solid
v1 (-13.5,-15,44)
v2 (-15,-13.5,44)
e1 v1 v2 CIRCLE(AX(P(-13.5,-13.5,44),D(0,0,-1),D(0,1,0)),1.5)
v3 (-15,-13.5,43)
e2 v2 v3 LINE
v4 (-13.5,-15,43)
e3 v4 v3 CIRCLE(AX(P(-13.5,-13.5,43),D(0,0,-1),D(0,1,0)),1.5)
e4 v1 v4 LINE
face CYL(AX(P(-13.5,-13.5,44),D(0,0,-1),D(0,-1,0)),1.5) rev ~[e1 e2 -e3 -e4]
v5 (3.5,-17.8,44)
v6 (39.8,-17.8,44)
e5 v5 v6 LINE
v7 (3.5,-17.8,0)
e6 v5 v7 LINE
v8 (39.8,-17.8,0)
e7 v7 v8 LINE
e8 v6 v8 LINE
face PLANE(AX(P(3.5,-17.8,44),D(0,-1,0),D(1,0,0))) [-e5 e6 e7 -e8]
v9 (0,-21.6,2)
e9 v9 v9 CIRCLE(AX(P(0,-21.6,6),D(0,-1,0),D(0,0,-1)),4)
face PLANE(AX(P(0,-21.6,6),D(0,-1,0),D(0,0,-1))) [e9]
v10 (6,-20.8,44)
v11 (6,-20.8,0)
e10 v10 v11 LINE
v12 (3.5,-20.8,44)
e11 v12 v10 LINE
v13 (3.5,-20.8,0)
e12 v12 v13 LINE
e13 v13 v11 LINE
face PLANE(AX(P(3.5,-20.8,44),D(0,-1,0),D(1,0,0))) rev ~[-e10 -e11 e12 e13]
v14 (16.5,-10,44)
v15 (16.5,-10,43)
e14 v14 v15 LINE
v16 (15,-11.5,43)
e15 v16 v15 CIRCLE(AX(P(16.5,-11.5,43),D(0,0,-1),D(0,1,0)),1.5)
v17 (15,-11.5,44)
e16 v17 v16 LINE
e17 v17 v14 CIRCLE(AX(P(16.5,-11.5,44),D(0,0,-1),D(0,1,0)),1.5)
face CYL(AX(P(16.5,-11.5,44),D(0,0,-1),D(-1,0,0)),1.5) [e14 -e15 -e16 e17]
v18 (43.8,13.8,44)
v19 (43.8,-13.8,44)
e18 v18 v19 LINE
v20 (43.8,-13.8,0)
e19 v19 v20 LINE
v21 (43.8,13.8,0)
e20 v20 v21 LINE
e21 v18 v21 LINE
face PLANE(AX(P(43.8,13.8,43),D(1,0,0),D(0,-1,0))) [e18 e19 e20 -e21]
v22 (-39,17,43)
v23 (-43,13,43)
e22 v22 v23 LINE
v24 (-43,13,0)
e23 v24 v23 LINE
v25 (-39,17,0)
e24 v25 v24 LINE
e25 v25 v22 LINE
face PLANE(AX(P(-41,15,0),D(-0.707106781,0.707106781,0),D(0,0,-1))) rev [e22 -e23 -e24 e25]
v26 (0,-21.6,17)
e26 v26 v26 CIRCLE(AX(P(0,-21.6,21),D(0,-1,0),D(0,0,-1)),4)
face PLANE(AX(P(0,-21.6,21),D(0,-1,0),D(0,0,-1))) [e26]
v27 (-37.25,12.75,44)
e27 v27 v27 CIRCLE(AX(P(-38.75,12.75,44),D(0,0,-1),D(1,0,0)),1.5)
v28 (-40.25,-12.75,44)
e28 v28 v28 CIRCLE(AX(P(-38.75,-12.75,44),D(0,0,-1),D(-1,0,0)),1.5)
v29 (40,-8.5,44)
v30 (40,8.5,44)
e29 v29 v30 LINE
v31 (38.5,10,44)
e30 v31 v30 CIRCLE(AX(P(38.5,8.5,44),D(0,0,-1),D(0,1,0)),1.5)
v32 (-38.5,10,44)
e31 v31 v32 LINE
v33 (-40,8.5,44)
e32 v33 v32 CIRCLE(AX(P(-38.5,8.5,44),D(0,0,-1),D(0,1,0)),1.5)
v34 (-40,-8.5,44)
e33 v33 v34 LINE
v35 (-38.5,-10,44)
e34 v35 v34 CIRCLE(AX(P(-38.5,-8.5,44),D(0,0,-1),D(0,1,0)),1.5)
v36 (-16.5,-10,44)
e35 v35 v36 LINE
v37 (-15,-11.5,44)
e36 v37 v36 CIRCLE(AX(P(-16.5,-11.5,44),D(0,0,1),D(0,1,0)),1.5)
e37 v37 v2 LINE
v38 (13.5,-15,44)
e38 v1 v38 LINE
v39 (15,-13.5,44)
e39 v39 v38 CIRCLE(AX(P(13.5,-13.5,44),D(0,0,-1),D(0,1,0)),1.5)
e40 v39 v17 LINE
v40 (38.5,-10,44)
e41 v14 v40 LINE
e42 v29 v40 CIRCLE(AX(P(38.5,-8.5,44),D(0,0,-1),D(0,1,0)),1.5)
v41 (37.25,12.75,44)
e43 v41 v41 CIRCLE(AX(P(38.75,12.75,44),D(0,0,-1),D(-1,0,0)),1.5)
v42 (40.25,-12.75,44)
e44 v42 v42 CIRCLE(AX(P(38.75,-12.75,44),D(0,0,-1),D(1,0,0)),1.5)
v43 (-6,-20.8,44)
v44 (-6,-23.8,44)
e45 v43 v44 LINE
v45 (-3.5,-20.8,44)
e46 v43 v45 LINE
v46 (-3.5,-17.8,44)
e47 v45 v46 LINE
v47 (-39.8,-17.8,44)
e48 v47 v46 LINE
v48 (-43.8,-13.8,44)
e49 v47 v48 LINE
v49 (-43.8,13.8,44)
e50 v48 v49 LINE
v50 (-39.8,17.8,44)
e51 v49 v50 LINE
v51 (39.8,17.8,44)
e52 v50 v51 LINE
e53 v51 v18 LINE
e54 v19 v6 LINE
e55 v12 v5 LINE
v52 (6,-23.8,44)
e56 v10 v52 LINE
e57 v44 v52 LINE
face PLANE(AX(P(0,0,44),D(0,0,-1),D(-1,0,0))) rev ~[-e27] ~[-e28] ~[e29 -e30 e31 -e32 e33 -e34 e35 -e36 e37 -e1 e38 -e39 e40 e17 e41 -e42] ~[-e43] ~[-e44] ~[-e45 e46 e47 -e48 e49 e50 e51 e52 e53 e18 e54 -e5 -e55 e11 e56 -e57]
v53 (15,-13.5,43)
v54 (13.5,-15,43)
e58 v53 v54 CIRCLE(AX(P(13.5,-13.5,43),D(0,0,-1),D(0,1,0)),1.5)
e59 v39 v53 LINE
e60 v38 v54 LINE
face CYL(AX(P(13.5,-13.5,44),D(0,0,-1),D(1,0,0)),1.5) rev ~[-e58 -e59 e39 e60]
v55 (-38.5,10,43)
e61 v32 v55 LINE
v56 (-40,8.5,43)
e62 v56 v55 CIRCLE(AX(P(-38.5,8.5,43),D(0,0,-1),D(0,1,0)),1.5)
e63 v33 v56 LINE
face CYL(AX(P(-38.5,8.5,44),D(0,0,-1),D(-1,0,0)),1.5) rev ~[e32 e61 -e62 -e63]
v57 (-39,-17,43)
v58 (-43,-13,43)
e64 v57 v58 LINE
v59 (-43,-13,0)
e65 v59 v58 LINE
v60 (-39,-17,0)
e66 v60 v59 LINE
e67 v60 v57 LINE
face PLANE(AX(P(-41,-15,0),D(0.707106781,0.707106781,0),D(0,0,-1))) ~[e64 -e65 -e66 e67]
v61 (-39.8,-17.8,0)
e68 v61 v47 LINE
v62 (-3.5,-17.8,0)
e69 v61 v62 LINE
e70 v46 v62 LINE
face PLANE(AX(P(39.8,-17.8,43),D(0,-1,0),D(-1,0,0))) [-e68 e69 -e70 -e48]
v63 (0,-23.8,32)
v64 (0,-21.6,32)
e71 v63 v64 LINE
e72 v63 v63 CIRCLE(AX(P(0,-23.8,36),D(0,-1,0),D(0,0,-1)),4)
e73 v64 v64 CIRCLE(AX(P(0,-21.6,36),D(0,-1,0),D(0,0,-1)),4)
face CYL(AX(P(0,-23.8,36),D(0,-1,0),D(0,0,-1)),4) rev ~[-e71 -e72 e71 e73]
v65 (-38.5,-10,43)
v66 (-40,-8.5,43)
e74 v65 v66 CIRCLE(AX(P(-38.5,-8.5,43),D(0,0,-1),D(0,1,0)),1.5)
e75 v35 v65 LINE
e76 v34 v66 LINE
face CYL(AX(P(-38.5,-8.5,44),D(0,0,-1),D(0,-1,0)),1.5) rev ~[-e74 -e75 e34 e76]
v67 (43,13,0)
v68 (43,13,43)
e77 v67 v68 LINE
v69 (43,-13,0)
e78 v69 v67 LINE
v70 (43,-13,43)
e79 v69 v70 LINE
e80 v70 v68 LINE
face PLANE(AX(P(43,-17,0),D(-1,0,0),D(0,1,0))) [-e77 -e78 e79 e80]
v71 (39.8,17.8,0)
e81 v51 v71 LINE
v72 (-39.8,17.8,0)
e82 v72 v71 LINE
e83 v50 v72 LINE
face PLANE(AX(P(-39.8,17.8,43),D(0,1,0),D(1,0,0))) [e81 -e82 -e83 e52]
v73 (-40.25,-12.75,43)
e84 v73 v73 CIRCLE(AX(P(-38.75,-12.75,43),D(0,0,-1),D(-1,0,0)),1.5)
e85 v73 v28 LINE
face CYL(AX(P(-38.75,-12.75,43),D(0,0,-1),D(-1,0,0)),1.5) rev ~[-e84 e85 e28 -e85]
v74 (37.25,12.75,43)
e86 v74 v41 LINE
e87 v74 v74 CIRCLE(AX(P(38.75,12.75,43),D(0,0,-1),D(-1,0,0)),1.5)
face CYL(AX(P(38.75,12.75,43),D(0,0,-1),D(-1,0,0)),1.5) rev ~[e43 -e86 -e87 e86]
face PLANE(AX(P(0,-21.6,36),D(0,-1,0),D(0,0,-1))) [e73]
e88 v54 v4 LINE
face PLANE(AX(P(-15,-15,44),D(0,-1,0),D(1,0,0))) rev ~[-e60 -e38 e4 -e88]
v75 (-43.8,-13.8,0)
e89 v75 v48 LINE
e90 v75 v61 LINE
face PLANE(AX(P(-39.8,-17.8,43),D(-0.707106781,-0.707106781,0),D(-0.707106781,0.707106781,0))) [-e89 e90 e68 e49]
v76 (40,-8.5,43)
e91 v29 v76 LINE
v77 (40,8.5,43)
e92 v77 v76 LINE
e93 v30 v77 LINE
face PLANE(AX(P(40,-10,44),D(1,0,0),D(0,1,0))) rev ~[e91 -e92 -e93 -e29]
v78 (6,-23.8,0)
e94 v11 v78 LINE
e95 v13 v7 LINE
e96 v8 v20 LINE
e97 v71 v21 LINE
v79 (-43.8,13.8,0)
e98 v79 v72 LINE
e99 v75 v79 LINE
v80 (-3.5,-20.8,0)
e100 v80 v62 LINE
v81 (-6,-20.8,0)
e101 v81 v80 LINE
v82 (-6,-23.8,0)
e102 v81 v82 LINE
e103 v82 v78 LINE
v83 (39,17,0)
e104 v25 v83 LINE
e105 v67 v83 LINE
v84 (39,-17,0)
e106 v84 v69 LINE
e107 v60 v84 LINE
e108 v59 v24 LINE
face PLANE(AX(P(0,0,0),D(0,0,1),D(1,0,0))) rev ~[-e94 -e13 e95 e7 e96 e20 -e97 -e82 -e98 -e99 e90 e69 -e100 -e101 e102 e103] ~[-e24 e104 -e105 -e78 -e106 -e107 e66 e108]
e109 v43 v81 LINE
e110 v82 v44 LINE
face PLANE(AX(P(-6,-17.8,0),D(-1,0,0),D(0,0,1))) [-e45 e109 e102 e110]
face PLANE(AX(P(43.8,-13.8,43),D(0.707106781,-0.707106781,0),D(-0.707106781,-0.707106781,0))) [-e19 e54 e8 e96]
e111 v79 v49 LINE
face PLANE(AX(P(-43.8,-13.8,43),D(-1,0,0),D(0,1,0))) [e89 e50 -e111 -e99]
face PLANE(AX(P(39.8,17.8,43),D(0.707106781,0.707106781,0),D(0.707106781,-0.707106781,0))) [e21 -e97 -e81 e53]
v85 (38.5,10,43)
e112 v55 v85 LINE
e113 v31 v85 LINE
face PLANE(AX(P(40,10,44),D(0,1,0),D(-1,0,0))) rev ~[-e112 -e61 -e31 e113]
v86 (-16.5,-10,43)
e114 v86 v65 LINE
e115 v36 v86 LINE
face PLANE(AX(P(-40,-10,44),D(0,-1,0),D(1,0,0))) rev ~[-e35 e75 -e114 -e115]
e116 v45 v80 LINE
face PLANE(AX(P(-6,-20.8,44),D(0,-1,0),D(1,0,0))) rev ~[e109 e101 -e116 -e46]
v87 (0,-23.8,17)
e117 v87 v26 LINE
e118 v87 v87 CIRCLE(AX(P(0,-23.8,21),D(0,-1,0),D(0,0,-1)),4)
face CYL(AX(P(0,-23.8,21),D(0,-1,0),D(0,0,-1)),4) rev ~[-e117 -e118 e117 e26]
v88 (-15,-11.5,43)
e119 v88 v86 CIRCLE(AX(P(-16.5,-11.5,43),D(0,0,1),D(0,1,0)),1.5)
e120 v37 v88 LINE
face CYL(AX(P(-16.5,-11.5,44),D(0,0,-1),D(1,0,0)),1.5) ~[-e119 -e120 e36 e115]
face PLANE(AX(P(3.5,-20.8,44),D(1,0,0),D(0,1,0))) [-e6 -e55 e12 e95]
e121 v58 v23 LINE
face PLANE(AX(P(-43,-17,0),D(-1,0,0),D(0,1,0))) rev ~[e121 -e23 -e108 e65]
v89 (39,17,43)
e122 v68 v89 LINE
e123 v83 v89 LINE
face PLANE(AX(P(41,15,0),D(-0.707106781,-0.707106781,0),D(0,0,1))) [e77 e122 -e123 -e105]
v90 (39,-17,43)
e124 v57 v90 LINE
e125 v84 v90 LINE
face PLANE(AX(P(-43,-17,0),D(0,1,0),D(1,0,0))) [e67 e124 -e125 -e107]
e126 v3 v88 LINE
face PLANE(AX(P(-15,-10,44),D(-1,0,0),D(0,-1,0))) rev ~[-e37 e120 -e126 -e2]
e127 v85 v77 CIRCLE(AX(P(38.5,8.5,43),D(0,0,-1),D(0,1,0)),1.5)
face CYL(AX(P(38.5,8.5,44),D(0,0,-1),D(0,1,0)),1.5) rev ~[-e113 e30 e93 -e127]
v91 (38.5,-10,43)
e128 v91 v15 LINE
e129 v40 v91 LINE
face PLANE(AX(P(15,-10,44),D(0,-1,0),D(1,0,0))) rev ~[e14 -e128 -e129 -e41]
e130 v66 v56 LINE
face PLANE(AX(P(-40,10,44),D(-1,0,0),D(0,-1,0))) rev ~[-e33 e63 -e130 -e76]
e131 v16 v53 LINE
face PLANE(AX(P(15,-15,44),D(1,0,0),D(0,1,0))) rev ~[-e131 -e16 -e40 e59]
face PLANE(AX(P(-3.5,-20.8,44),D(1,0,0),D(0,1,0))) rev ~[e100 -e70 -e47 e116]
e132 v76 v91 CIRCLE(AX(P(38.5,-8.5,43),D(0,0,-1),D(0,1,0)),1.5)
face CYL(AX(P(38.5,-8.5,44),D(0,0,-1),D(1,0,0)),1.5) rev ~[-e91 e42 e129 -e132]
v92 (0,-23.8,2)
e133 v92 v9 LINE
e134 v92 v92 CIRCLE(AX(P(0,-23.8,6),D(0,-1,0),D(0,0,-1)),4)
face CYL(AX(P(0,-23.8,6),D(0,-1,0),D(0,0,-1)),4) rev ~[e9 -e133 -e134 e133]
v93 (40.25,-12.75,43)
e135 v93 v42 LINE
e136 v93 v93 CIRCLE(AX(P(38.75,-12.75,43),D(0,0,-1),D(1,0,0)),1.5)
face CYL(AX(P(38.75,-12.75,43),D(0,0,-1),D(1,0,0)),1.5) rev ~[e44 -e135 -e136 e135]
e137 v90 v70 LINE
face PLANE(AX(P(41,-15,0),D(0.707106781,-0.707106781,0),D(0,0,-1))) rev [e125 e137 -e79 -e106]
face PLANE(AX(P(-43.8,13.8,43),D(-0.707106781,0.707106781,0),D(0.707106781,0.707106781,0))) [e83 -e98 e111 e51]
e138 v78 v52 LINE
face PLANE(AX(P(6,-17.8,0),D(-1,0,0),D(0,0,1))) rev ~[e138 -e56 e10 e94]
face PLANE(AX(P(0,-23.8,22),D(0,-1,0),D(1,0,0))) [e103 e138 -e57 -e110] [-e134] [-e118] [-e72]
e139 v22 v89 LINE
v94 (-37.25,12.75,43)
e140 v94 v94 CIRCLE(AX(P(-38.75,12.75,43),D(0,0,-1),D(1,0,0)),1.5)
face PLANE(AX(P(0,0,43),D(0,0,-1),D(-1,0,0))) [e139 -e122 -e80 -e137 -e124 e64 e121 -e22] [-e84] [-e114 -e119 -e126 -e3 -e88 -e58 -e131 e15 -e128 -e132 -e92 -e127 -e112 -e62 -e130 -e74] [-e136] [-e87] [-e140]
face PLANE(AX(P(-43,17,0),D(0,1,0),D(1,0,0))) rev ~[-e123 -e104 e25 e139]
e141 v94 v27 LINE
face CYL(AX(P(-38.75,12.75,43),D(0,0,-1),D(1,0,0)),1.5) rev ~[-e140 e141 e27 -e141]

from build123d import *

# Parameters (mm, degrees)
SKETCH_1_W          = 87.6
SKETCH_1_H          = 35.6
SKETCH_1_W_2        = 86
SKETCH_1_H_2        = 34
EXTRUDE_1_DEPTH     = 43
CHAMFER_1_SIZE      = 4
EXTRUDE_2_DEPTH     = 1
CUT_EXTRUDE_1_DEPTH = 65.585447277
FILLET_1_R          = 1.5
SKETCH_4_R          = 1.5
CUT_EXTRUDE_2_DEPTH = 64.908371909
SKETCH_5_W          = 12
SKETCH_5_H          = 44
EXTRUDE_3_DEPTH     = 6
SKETCH_6_W          = 2.5
SKETCH_6_H          = 3
CUT_EXTRUDE_3_DEPTH = 67.48969845
SKETCH_7_R          = 4
CUT_EXTRUDE_4_DEPTH = 2.2


with BuildPart() as part:
    # 草圖1 → 填料-伸長1 (new body)
    with BuildSketch(Plane.XY):
        Rectangle(SKETCH_1_W, SKETCH_1_H)
        Rectangle(SKETCH_1_W_2, SKETCH_1_H_2, mode=Mode.SUBTRACT)
    extrude(amount=EXTRUDE_1_DEPTH)

    # 導角1
    chamfer_1_edges = [part.edges().sort_by_distance(p)[0] for p in [
        (-43, 17, 21.5),
        (-43, -17, 21.5),
        (43, -17, 21.5),
        (43, 17, 21.5),
        (-43.8, 17.8, 21.5),
        (43.8, 17.8, 21.5),
        (43.8, -17.8, 21.5),
        (-43.8, -17.8, 21.5),
    ]]
    chamfer(chamfer_1_edges, length=CHAMFER_1_SIZE)

    # 草圖2 → 填料-伸長2 (add)
    with BuildSketch(Plane.XY.offset(43)):
        Polygon((-43.8, 13.8), (-39.8, 17.8), (39.8, 17.8), (43.8, 13.8), (43.8, -13.8), (39.8, -17.8), (-39.8, -17.8), (-43.8, -13.8), align=None)
    extrude(amount=EXTRUDE_2_DEPTH)

    # 草圖3 → 除料-伸長1 (cut, through all)
    with BuildSketch(Plane.XY.offset(44)):
        Polygon((15, -10), (40, -10), (40, 10), (-40, 10), (-40, -10), (-15, -10), (-15, -15), (15, -15), align=None)
    extrude(amount=-CUT_EXTRUDE_1_DEPTH, mode=Mode.SUBTRACT)

    # 圓角1
    fillet_1_edges = [part.edges().sort_by_distance(p)[0] for p in [
        (-40, -10, 43.5),
        (-40, 10, 43.5),
        (40, 10, 43.5),
        (40, -10, 43.5),
        (15, -10, 43.5),
        (15, -15, 43.5),
        (-15, -15, 43.5),
        (-15, -10, 43.5),
    ]]
    fillet(fillet_1_edges, radius=FILLET_1_R)

    # 草圖4 → 除料-伸長2 (cut, through all)
    with BuildSketch(Plane(origin=(0, 0, 43), x_dir=(-1, 0, 0), z_dir=(0, 0, -1))):
        with Locations((-38.75, 12.75)):
            Circle(SKETCH_4_R)
        with Locations(Location((38.75, 12.75, 0), (0, 0, 180))):
            Circle(SKETCH_4_R)
        with Locations((38.75, -12.75)):
            Circle(SKETCH_4_R)
        with Locations(Location((-38.75, -12.75, 0), (0, 0, 180))):
            Circle(SKETCH_4_R)
    extrude(amount=-CUT_EXTRUDE_2_DEPTH, mode=Mode.SUBTRACT)

    # 草圖5 → 填料-伸長3 (add)
    with BuildSketch(Plane.XZ.offset(17.8)):
        with Locations((0, 22)):
            Rectangle(SKETCH_5_W, SKETCH_5_H)
    extrude(amount=EXTRUDE_3_DEPTH)

    # 草圖6 → 除料-伸長3 (cut, through all)
    with BuildSketch(Plane.XY.offset(44)):
        with Locations((4.75, -19.3)):
            Rectangle(SKETCH_6_W, SKETCH_6_H)
        with Locations((-4.75, -19.3)):
            Rectangle(SKETCH_6_W, SKETCH_6_H)
    extrude(amount=-CUT_EXTRUDE_3_DEPTH, mode=Mode.SUBTRACT)

    # 草圖7 → 除料-伸長4 (cut)
    with BuildSketch(Plane.XZ.offset(23.8)):
        with Locations(Location((0, 6, 0), (0, 0, 270))):
            Circle(SKETCH_7_R)
        with Locations(Location((0, 21, 0), (0, 0, 270))):
            Circle(SKETCH_7_R)
        with Locations(Location((0, 36, 0), (0, 0, 270))):
            Circle(SKETCH_7_R)
    extrude(amount=-CUT_EXTRUDE_4_DEPTH, mode=Mode.SUBTRACT)


solid = part.part
